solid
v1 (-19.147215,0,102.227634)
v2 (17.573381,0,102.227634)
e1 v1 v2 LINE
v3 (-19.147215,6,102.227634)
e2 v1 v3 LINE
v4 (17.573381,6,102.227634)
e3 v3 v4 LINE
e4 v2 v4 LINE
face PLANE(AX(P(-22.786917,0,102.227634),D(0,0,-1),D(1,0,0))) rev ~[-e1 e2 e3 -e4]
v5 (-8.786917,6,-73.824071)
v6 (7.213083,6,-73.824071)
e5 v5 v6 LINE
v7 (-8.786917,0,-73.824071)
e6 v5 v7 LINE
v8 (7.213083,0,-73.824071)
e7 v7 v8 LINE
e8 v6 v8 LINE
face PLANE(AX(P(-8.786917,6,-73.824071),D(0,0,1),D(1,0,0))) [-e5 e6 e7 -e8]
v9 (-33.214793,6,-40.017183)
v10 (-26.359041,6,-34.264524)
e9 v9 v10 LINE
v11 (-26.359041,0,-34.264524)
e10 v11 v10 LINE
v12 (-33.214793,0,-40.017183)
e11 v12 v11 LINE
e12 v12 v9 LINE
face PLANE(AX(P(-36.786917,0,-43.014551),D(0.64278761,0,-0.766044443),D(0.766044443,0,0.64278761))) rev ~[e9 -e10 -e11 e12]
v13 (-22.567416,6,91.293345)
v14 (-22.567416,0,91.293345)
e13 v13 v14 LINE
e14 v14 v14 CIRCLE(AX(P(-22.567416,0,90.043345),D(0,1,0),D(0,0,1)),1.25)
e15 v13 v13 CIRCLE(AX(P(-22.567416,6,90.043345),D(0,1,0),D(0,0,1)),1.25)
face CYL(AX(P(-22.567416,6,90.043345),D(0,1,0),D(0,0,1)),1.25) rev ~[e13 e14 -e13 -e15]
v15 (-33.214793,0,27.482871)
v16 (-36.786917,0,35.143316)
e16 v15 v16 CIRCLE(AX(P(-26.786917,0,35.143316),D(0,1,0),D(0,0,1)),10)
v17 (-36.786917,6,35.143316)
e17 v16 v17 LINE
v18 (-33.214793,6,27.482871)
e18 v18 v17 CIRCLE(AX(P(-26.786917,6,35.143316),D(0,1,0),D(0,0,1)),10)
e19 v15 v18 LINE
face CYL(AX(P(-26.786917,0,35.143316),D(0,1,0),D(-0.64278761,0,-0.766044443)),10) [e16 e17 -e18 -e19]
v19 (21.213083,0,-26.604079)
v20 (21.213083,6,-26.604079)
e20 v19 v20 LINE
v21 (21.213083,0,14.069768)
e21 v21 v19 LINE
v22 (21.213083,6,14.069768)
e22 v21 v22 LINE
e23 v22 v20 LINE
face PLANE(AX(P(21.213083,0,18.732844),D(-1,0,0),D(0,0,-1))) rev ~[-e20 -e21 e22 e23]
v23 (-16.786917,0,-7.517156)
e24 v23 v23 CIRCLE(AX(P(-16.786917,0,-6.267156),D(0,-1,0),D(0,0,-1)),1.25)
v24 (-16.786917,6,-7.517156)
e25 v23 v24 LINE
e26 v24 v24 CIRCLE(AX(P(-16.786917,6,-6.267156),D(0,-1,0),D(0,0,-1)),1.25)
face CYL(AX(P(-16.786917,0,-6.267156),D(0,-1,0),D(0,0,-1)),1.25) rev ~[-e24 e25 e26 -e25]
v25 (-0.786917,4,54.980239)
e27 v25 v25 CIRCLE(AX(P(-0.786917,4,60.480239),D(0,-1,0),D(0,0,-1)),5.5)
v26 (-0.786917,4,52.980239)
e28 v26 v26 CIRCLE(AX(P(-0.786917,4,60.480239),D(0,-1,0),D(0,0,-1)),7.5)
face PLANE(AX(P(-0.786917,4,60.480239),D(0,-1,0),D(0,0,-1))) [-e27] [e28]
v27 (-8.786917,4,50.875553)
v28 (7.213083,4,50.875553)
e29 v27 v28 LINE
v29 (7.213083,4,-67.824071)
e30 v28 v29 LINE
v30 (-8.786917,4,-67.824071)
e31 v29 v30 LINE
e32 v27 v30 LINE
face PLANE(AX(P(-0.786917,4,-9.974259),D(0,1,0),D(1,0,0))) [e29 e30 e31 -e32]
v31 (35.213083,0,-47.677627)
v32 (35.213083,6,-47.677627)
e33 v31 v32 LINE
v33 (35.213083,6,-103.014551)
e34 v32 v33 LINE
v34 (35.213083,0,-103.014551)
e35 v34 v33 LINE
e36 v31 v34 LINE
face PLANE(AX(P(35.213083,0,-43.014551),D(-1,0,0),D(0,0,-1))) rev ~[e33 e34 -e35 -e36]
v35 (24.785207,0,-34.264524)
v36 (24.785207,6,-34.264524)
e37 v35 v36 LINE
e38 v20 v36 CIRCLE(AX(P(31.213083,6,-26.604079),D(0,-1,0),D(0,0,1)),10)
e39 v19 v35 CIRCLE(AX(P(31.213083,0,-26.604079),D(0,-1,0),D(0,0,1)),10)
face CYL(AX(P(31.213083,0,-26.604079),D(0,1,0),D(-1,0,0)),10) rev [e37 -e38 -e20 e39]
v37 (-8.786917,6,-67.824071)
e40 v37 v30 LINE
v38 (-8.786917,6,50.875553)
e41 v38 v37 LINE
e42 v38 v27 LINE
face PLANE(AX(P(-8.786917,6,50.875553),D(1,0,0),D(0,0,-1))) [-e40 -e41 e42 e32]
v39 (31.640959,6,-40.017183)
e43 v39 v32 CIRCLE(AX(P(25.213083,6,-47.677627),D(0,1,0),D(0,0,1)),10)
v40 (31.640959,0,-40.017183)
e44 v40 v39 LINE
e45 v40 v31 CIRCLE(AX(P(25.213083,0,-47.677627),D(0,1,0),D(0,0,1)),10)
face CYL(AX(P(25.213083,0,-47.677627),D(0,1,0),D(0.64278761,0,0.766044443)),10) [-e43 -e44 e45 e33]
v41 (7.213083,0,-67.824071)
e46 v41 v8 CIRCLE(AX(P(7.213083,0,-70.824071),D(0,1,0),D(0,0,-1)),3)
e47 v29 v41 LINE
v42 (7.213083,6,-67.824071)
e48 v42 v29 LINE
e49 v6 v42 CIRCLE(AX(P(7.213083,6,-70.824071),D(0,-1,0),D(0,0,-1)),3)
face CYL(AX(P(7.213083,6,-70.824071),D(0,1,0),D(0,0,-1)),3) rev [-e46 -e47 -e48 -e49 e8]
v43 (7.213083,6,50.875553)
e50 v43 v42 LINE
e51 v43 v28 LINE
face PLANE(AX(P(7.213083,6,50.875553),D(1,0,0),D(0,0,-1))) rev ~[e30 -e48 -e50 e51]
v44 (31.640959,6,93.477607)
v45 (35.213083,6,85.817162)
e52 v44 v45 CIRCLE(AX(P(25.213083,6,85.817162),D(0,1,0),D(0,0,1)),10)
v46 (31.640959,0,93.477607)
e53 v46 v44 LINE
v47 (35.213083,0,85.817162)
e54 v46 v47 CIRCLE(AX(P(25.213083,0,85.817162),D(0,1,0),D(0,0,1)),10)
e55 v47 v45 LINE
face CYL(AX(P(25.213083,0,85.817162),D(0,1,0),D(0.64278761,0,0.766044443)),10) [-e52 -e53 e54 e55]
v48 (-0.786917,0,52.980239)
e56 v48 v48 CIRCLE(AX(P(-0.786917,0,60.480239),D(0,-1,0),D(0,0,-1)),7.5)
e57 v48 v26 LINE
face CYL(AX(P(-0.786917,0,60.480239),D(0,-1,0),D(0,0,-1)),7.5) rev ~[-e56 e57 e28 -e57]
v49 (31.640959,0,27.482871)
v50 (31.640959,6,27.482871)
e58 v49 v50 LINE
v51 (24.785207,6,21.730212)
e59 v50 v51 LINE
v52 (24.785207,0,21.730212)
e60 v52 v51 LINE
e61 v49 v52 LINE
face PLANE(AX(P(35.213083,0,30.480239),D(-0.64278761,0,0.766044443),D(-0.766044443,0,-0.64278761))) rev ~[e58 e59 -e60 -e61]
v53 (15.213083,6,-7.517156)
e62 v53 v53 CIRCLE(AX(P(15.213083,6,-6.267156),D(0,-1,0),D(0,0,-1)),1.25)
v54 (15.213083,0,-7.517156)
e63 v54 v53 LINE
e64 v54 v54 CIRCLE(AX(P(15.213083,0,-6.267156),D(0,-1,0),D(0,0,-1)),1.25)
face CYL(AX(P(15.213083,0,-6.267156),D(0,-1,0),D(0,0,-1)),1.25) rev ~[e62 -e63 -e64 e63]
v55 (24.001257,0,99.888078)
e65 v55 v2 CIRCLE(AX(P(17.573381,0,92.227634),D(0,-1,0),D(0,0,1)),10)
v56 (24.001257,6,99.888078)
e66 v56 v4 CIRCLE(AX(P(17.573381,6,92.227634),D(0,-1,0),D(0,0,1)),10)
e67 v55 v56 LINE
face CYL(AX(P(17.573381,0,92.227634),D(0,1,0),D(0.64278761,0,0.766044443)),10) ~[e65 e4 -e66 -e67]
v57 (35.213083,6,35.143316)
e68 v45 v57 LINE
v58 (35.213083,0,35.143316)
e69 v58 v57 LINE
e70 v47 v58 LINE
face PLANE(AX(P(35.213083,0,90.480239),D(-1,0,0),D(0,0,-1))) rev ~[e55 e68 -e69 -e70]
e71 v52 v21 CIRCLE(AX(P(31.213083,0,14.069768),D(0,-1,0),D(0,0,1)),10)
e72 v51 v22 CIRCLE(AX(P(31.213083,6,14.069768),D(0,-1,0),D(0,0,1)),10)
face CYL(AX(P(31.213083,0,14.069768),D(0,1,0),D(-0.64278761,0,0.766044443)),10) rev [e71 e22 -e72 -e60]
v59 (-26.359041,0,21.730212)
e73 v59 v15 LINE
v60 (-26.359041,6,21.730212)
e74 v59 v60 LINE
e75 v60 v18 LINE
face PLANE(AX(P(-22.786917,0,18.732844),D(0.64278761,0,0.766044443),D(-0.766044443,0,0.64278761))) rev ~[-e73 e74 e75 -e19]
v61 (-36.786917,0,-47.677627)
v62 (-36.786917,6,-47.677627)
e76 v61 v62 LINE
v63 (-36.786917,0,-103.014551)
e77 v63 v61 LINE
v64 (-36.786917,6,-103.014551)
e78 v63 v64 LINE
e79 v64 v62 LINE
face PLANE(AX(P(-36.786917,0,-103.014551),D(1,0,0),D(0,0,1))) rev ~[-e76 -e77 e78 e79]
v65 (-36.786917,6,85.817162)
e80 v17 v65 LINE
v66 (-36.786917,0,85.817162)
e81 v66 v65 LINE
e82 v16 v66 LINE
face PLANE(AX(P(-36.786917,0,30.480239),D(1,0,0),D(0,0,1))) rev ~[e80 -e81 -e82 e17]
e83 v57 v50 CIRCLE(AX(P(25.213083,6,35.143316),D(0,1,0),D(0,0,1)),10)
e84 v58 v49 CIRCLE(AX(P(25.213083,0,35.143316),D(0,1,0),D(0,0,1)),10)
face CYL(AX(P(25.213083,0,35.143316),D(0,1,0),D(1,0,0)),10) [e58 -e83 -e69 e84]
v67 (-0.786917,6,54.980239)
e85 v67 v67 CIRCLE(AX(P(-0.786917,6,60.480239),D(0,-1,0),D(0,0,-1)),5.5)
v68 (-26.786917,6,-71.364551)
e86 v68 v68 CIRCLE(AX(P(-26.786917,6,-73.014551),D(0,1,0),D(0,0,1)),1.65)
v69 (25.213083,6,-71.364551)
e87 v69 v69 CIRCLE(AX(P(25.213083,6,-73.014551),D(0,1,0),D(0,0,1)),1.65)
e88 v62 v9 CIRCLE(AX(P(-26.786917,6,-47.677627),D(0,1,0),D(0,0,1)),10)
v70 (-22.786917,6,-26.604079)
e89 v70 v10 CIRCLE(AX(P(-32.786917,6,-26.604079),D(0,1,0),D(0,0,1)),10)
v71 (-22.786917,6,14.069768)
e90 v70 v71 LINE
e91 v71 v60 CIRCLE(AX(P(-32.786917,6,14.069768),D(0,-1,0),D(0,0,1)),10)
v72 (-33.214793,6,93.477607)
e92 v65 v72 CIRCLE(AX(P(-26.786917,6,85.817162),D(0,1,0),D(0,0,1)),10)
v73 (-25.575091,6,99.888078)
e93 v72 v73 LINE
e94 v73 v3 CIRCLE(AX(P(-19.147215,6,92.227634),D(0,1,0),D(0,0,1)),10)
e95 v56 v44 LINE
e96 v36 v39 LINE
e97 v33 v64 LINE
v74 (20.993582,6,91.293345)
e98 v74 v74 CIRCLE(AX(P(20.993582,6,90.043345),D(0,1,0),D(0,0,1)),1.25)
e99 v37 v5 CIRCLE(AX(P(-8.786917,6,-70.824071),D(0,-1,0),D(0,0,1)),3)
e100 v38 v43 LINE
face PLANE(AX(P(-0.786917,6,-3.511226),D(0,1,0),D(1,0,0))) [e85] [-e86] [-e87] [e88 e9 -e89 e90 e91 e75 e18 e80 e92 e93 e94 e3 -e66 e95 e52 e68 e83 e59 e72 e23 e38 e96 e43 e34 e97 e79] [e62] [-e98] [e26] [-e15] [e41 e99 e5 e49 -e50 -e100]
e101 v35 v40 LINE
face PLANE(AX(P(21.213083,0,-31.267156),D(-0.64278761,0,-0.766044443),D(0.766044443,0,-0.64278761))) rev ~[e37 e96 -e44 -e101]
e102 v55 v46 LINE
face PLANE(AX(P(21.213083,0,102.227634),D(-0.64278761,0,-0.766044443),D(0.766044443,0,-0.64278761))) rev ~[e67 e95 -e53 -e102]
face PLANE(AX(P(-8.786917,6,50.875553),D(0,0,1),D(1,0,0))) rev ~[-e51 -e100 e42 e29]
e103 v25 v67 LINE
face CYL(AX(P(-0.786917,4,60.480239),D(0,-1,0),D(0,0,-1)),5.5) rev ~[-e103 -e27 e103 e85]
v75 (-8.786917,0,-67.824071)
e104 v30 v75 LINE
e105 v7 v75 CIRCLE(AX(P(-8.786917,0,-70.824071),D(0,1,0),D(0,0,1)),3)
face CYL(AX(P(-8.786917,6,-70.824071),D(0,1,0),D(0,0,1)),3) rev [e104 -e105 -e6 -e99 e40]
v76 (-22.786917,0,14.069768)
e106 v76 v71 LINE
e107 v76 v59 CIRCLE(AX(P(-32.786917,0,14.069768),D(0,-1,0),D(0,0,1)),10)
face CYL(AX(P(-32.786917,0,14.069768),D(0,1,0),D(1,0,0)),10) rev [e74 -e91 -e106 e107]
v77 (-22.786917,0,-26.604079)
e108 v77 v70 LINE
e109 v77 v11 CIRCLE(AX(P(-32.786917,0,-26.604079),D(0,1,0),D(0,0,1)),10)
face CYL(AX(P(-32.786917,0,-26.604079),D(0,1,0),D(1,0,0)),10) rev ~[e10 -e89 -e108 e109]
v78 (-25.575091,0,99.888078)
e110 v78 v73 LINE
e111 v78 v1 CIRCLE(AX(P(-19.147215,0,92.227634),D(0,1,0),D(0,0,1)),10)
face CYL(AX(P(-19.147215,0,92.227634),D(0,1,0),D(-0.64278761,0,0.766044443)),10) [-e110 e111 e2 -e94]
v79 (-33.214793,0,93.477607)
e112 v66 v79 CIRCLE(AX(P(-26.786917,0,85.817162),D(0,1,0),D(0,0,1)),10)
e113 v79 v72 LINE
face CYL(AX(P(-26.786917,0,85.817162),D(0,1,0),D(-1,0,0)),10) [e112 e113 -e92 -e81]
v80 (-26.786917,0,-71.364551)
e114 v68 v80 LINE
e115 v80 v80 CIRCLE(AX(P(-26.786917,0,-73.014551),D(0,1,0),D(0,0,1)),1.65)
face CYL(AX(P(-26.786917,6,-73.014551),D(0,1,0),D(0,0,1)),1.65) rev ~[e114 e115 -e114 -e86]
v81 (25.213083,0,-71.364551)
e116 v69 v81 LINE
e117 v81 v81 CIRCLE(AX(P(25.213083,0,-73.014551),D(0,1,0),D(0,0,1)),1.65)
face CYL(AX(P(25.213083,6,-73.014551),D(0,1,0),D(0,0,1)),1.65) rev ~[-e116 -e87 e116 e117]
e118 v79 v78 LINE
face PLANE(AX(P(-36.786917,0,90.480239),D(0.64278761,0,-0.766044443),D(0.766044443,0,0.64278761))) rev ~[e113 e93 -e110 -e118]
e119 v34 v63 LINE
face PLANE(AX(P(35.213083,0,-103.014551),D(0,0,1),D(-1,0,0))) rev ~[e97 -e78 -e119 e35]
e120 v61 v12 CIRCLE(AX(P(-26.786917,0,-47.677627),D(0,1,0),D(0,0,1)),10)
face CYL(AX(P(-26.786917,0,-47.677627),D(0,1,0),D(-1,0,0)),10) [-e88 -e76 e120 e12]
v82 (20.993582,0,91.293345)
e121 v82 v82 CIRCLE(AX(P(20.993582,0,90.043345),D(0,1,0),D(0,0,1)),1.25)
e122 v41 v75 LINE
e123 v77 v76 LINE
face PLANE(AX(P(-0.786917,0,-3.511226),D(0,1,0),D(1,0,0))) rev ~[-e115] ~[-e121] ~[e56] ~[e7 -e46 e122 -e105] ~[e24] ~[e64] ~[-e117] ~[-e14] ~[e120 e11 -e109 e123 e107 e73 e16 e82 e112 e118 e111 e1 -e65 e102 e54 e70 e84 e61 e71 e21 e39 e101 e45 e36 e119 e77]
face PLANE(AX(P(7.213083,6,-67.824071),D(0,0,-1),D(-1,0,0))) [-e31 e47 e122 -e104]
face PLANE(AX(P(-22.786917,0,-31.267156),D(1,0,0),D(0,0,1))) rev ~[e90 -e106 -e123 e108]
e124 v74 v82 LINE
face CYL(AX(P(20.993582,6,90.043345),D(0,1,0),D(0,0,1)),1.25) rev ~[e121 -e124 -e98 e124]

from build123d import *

# Parameters (mm, degrees)
BOSS_EXTRUDE1_DEPTH = 6
FILLET1_R           = 10
SKETCH2_R           = 2.5
CUT_EXTRUDE1_DEPTH  = 6
SKETCH5_R           = 7.5
CUT_EXTRUDE3_DEPTH  = 4
SKETCH6_R           = 5.5
CUT_EXTRUDE4_DEPTH  = 4
SKETCH8_W           = 16
SKETCH8_H           = 121.699623713
CUT_EXTRUDE5_DEPTH  = 2
FILLET2_R           = 10
CUT_EXTRUDE6_DEPTH  = 10
SKETCH10_R          = 1.25
CUT_EXTRUDE7_DEPTH  = 10
SKETCH11_R          = 1.25
CUT_EXTRUDE8_DEPTH  = 10
SKETCH12_R          = 1.65
CUT_EXTRUDE9_DEPTH  = 10


with BuildPart() as part:
    # Sketch1 → Boss-Extrude1 (new body)
    with BuildSketch(Plane(origin=(0, 0, 0), x_dir=(1, 0, 0), z_dir=(0, 1, 0))):
        Polygon((21.213083016, -102.227633762), (35.213083016, -90.480238926), (35.213083016, -30.480238926), (21.213083016, -18.73284409), (21.213083016, 31.26715591), (35.213083016, 43.014550747), (35.213083016, 103.014550747), (-36.786916984, 103.014550747), (-36.786916984, 43.014550747), (-22.786916984, 31.26715591), (-22.786916984, -18.73284409), (-36.786916984, -30.480238926), (-36.786916984, -90.480238926), (-22.786916984, -102.227633762), align=None)
    extrude(amount=BOSS_EXTRUDE1_DEPTH)

    # Fillet1
    fillet1_edges = [part.edges().sort_by_distance(p)[0] for p in [
        (-22.786916984, 3, 102.227633762),
        (-36.786916984, 3, 90.480238926),
        (-36.786916984, 3, 30.480238926),
        (-22.786916984, 3, 18.73284409),
        (21.213083016, 3, 18.73284409),
        (35.213083016, 3, 30.480238926),
        (35.213083016, 3, 90.480238926),
        (21.213083016, 3, 102.227633762),
    ]]
    fillet(fillet1_edges, radius=FILLET1_R)

    # Sketch2 → Cut-Extrude1 (cut)
    with BuildSketch(Plane.XZ):
        with Locations(Location((-0.786916984, 60.480238926, 0), (0, 0, 270))):
            Circle(SKETCH2_R)
    extrude(amount=-CUT_EXTRUDE1_DEPTH, mode=Mode.SUBTRACT)

    # Sketch5 → Cut-Extrude3 (cut)
    with BuildSketch(Plane.XZ):
        with Locations(Location((-0.786916984, 60.480238926, 0), (0, 0, 270))):
            Circle(SKETCH5_R)
    extrude(amount=-CUT_EXTRUDE3_DEPTH, mode=Mode.SUBTRACT)

    # Sketch6 → Cut-Extrude4 (cut)
    with BuildSketch(Plane.XZ.offset(-4)):
        with Locations(Location((-0.786916984, 60.480238926, 0), (0, 0, 270))):
            Circle(SKETCH6_R)
    extrude(amount=-CUT_EXTRUDE4_DEPTH, mode=Mode.SUBTRACT)

    # Sketch8 → Cut-Extrude5 (cut)
    with BuildSketch(Plane(origin=(0, 6, 0), x_dir=(1, 0, 0), z_dir=(0, 1, 0))):
        with Locations((-0.786916984, 9.974259286)):
            Rectangle(SKETCH8_W, SKETCH8_H)
    extrude(amount=-CUT_EXTRUDE5_DEPTH, mode=Mode.SUBTRACT)

    # Fillet2
    fillet2_edges = [part.edges().sort_by_distance(p)[0] for p in [
        (-22.786916984, 3, -31.26715591),
        (-36.786916984, 3, -43.014550747),
        (35.213083016, 3, -43.014550747),
        (21.213083016, 3, -31.26715591),
    ]]
    fillet(fillet2_edges, radius=FILLET2_R)

    # Sketch9 → Cut-Extrude6 (cut)
    with BuildSketch(Plane(origin=(0, 6, 0), x_dir=(1, 0, 0), z_dir=(0, 1, 0))):
        with BuildLine():
            Line((7.213083016, 67.824071143), (-8.786916984, 67.824071143))
            ThreePointArc((-8.786916984, 67.824071143), (-11.786916984, 70.824071143), (-8.786916984, 73.824071143))
            Line((-8.786916984, 73.824071143), (7.213083016, 73.824071143))
            ThreePointArc((7.213083016, 73.824071143), (10.213083016, 70.824071143), (7.213083016, 67.824071143))
        make_face()
    extrude(amount=-CUT_EXTRUDE6_DEPTH, mode=Mode.SUBTRACT)

    # Sketch10 → Cut-Extrude7 (cut)
    with BuildSketch(Plane.XZ):
        with Locations(Location((-16.786916984, -6.26715591, 0), (0, 0, 270))):
            Circle(SKETCH10_R)
        with Locations(Location((15.213083016, -6.26715591, 0), (0, 0, 270))):
            Circle(SKETCH10_R)
    extrude(amount=-CUT_EXTRUDE7_DEPTH, mode=Mode.SUBTRACT)

    # Sketch11 → Cut-Extrude8 (cut)
    with BuildSketch(Plane(origin=(0, 6, 0), x_dir=(1, 0, 0), z_dir=(0, 1, 0))):
        with Locations(Location((20.993582106, -90.043344962, 0), (0, 0, 270))):
            Circle(SKETCH11_R)
        with Locations(Location((-22.567416075, -90.043344962, 0), (0, 0, 270))):
            Circle(SKETCH11_R)
    extrude(amount=-CUT_EXTRUDE8_DEPTH, mode=Mode.SUBTRACT)

    # Sketch12 → Cut-Extrude9 (cut)
    with BuildSketch(Plane(origin=(0, 6, 0), x_dir=(1, 0, 0), z_dir=(0, 1, 0))):
        with Locations(Location((25.213083016, 73.014550747, 0), (0, 0, 270))):
            Circle(SKETCH12_R)
        with Locations(Location((-26.786916984, 73.014550747, 0), (0, 0, 270))):
            Circle(SKETCH12_R)
    extrude(amount=-CUT_EXTRUDE9_DEPTH, mode=Mode.SUBTRACT)


solid = part.part
